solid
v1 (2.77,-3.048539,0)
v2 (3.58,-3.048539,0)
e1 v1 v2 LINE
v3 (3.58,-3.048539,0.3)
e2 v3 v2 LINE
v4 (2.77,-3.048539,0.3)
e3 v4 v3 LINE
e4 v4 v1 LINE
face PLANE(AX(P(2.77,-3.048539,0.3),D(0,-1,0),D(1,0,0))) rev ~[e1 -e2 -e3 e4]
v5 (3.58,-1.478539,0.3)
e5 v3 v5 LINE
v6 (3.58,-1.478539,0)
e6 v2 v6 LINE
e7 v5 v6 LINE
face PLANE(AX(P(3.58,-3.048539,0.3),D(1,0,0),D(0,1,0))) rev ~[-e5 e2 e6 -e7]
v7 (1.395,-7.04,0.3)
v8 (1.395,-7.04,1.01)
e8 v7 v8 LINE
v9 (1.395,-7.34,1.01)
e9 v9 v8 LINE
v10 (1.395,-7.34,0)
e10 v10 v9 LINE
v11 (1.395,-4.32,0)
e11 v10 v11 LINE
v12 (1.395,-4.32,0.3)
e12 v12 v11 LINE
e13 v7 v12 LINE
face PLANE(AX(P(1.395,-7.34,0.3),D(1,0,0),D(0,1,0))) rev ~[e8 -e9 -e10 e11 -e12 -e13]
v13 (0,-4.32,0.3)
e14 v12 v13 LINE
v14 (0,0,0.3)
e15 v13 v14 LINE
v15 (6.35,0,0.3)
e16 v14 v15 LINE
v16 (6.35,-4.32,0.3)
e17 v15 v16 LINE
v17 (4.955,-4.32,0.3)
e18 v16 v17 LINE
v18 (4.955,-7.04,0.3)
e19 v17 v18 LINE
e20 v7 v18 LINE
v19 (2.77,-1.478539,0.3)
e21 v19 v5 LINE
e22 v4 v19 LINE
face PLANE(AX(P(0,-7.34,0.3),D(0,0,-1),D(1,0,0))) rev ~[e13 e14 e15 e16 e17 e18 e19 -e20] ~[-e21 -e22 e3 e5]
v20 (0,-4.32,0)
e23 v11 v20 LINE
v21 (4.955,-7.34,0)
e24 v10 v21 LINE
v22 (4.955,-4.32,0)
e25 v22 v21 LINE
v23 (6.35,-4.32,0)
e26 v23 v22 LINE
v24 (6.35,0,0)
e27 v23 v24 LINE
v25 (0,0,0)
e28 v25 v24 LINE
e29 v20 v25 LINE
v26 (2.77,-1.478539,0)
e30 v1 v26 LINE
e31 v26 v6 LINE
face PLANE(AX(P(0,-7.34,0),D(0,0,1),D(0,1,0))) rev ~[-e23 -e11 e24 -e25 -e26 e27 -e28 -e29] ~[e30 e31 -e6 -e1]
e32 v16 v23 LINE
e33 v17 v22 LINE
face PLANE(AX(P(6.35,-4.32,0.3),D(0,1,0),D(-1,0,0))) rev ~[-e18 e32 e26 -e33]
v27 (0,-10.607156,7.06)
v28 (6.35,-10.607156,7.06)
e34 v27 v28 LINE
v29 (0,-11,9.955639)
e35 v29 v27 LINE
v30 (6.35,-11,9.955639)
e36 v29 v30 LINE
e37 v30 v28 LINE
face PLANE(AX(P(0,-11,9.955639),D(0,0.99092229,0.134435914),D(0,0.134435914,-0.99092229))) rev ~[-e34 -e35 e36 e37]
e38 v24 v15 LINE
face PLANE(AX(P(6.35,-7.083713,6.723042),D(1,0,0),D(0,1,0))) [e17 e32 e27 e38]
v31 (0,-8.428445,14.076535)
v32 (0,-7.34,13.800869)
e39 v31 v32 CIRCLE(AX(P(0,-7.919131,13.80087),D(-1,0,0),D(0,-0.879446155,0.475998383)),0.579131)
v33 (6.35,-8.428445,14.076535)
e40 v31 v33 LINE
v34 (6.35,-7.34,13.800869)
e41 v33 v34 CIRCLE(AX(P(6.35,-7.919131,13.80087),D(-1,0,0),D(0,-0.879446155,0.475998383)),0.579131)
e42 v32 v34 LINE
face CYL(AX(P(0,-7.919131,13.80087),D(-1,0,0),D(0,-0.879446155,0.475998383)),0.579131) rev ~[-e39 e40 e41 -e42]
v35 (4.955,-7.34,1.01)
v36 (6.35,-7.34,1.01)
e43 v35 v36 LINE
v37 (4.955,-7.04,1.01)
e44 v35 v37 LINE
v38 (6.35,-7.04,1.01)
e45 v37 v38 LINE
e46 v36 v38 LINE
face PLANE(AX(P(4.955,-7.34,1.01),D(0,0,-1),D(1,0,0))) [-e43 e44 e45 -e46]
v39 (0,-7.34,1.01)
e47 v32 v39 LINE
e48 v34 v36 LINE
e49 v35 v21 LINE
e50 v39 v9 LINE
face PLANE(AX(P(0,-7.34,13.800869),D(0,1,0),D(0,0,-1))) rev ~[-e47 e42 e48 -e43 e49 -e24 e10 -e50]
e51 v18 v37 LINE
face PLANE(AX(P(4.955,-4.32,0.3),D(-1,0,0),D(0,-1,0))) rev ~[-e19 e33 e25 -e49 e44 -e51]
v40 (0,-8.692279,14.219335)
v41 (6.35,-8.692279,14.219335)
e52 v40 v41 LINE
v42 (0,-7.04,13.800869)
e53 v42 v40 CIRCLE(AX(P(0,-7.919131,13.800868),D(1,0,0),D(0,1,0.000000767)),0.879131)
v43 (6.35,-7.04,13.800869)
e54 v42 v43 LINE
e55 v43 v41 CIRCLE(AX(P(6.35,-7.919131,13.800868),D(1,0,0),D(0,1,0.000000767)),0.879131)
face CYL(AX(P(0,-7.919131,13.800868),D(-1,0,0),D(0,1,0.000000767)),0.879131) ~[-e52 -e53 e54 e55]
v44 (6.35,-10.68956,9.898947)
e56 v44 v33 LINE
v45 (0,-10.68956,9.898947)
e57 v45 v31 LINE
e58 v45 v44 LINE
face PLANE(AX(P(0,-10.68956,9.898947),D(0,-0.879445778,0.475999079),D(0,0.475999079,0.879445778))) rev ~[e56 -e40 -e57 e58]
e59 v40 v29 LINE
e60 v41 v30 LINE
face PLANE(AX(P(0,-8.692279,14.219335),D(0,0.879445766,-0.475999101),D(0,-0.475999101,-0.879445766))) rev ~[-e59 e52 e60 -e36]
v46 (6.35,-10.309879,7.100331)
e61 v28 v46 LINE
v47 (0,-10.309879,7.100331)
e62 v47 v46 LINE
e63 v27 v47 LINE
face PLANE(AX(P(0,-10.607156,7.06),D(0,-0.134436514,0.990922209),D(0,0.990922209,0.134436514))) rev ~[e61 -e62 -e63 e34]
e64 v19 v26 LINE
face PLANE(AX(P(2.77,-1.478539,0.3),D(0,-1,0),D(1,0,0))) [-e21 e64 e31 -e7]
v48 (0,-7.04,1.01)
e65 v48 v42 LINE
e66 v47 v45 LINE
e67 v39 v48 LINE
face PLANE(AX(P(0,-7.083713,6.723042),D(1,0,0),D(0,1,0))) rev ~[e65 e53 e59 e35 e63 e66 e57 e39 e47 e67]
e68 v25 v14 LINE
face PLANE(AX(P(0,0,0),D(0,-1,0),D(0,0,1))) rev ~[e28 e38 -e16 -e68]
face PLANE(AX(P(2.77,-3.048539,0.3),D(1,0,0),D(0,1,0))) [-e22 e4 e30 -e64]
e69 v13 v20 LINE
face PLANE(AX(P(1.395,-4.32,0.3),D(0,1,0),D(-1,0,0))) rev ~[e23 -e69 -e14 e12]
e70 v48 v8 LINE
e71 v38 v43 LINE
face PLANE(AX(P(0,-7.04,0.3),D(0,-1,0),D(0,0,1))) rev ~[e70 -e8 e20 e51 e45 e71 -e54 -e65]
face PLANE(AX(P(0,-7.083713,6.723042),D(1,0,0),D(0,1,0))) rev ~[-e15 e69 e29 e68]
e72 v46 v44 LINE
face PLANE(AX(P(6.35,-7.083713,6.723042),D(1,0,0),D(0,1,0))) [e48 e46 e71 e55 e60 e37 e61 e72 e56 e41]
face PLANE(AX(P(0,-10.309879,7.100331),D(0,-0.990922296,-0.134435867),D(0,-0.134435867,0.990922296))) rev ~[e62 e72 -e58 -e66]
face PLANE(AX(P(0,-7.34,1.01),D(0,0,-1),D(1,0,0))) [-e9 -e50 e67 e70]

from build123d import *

# Parameters (mm, degrees)
F1_DEPTH = 6.35
F2_W     = 1.395
F2_H     = 0.71
F3_DEPTH = 0.3
F4_W     = 0.81
F4_H     = 1.57
F5_DEPTH = 0.3


with BuildPart() as f1:
    # F0 (on Right) → F1 (new body)
    with BuildSketch(Plane.YZ):
        with BuildLine():
            Line((-7.34, 0), (0, 0))
            Line((0, 0), (0, 0.3))
            Line((0, 0.3), (-7.04, 0.3))
            Line((-7.04, 0.3), (-7.04, 13.800869))
            ThreePointArc((-7.04, 13.800869), (-7.703292, 14.653092), (-8.692279, 14.219335))
            Line((-8.692279, 14.219335), (-11, 9.955639))
            Line((-11, 9.955639), (-10.607156, 7.06))
            Line((-10.607156, 7.06), (-10.309879, 7.100331))
            Line((-10.309879, 7.100331), (-10.68956, 9.898947))
            Line((-10.68956, 9.898947), (-8.428445, 14.076535))
            ThreePointArc((-8.428445, 14.076535), (-7.776946, 14.362275), (-7.34, 13.800869))
            Line((-7.34, 13.800869), (-7.34, 0))
        make_face()
    extrude(amount=F1_DEPTH)

    # F2 (on face) → F3 (cut, through all)
    with BuildSketch(Plane.XZ.offset(7.34)):
        with Locations((5.6525, 0.655)):
            Rectangle(F2_W, F2_H)
        with Locations((0.6975, 0.655)):
            Rectangle(F2_W, F2_H)
    extrude(amount=-F3_DEPTH, mode=Mode.SUBTRACT)

    # F4 (on face) → F5 (cut, through all)
    with BuildSketch(Plane.XY.offset(0.3)):
        Polygon((0, -4.32), (0, -7.34), (1.395, -7.34), (1.395, -7.04), (1.395, -4.32), align=None)
        Polygon((4.955, -4.32), (4.955, -7.04), (4.955, -7.34), (6.35, -7.34), (6.35, -4.32), align=None)
        with Locations((3.175, -2.263539)):
            Rectangle(F4_W, F4_H)
    extrude(amount=-F5_DEPTH, mode=Mode.SUBTRACT)


solid = f1.part
